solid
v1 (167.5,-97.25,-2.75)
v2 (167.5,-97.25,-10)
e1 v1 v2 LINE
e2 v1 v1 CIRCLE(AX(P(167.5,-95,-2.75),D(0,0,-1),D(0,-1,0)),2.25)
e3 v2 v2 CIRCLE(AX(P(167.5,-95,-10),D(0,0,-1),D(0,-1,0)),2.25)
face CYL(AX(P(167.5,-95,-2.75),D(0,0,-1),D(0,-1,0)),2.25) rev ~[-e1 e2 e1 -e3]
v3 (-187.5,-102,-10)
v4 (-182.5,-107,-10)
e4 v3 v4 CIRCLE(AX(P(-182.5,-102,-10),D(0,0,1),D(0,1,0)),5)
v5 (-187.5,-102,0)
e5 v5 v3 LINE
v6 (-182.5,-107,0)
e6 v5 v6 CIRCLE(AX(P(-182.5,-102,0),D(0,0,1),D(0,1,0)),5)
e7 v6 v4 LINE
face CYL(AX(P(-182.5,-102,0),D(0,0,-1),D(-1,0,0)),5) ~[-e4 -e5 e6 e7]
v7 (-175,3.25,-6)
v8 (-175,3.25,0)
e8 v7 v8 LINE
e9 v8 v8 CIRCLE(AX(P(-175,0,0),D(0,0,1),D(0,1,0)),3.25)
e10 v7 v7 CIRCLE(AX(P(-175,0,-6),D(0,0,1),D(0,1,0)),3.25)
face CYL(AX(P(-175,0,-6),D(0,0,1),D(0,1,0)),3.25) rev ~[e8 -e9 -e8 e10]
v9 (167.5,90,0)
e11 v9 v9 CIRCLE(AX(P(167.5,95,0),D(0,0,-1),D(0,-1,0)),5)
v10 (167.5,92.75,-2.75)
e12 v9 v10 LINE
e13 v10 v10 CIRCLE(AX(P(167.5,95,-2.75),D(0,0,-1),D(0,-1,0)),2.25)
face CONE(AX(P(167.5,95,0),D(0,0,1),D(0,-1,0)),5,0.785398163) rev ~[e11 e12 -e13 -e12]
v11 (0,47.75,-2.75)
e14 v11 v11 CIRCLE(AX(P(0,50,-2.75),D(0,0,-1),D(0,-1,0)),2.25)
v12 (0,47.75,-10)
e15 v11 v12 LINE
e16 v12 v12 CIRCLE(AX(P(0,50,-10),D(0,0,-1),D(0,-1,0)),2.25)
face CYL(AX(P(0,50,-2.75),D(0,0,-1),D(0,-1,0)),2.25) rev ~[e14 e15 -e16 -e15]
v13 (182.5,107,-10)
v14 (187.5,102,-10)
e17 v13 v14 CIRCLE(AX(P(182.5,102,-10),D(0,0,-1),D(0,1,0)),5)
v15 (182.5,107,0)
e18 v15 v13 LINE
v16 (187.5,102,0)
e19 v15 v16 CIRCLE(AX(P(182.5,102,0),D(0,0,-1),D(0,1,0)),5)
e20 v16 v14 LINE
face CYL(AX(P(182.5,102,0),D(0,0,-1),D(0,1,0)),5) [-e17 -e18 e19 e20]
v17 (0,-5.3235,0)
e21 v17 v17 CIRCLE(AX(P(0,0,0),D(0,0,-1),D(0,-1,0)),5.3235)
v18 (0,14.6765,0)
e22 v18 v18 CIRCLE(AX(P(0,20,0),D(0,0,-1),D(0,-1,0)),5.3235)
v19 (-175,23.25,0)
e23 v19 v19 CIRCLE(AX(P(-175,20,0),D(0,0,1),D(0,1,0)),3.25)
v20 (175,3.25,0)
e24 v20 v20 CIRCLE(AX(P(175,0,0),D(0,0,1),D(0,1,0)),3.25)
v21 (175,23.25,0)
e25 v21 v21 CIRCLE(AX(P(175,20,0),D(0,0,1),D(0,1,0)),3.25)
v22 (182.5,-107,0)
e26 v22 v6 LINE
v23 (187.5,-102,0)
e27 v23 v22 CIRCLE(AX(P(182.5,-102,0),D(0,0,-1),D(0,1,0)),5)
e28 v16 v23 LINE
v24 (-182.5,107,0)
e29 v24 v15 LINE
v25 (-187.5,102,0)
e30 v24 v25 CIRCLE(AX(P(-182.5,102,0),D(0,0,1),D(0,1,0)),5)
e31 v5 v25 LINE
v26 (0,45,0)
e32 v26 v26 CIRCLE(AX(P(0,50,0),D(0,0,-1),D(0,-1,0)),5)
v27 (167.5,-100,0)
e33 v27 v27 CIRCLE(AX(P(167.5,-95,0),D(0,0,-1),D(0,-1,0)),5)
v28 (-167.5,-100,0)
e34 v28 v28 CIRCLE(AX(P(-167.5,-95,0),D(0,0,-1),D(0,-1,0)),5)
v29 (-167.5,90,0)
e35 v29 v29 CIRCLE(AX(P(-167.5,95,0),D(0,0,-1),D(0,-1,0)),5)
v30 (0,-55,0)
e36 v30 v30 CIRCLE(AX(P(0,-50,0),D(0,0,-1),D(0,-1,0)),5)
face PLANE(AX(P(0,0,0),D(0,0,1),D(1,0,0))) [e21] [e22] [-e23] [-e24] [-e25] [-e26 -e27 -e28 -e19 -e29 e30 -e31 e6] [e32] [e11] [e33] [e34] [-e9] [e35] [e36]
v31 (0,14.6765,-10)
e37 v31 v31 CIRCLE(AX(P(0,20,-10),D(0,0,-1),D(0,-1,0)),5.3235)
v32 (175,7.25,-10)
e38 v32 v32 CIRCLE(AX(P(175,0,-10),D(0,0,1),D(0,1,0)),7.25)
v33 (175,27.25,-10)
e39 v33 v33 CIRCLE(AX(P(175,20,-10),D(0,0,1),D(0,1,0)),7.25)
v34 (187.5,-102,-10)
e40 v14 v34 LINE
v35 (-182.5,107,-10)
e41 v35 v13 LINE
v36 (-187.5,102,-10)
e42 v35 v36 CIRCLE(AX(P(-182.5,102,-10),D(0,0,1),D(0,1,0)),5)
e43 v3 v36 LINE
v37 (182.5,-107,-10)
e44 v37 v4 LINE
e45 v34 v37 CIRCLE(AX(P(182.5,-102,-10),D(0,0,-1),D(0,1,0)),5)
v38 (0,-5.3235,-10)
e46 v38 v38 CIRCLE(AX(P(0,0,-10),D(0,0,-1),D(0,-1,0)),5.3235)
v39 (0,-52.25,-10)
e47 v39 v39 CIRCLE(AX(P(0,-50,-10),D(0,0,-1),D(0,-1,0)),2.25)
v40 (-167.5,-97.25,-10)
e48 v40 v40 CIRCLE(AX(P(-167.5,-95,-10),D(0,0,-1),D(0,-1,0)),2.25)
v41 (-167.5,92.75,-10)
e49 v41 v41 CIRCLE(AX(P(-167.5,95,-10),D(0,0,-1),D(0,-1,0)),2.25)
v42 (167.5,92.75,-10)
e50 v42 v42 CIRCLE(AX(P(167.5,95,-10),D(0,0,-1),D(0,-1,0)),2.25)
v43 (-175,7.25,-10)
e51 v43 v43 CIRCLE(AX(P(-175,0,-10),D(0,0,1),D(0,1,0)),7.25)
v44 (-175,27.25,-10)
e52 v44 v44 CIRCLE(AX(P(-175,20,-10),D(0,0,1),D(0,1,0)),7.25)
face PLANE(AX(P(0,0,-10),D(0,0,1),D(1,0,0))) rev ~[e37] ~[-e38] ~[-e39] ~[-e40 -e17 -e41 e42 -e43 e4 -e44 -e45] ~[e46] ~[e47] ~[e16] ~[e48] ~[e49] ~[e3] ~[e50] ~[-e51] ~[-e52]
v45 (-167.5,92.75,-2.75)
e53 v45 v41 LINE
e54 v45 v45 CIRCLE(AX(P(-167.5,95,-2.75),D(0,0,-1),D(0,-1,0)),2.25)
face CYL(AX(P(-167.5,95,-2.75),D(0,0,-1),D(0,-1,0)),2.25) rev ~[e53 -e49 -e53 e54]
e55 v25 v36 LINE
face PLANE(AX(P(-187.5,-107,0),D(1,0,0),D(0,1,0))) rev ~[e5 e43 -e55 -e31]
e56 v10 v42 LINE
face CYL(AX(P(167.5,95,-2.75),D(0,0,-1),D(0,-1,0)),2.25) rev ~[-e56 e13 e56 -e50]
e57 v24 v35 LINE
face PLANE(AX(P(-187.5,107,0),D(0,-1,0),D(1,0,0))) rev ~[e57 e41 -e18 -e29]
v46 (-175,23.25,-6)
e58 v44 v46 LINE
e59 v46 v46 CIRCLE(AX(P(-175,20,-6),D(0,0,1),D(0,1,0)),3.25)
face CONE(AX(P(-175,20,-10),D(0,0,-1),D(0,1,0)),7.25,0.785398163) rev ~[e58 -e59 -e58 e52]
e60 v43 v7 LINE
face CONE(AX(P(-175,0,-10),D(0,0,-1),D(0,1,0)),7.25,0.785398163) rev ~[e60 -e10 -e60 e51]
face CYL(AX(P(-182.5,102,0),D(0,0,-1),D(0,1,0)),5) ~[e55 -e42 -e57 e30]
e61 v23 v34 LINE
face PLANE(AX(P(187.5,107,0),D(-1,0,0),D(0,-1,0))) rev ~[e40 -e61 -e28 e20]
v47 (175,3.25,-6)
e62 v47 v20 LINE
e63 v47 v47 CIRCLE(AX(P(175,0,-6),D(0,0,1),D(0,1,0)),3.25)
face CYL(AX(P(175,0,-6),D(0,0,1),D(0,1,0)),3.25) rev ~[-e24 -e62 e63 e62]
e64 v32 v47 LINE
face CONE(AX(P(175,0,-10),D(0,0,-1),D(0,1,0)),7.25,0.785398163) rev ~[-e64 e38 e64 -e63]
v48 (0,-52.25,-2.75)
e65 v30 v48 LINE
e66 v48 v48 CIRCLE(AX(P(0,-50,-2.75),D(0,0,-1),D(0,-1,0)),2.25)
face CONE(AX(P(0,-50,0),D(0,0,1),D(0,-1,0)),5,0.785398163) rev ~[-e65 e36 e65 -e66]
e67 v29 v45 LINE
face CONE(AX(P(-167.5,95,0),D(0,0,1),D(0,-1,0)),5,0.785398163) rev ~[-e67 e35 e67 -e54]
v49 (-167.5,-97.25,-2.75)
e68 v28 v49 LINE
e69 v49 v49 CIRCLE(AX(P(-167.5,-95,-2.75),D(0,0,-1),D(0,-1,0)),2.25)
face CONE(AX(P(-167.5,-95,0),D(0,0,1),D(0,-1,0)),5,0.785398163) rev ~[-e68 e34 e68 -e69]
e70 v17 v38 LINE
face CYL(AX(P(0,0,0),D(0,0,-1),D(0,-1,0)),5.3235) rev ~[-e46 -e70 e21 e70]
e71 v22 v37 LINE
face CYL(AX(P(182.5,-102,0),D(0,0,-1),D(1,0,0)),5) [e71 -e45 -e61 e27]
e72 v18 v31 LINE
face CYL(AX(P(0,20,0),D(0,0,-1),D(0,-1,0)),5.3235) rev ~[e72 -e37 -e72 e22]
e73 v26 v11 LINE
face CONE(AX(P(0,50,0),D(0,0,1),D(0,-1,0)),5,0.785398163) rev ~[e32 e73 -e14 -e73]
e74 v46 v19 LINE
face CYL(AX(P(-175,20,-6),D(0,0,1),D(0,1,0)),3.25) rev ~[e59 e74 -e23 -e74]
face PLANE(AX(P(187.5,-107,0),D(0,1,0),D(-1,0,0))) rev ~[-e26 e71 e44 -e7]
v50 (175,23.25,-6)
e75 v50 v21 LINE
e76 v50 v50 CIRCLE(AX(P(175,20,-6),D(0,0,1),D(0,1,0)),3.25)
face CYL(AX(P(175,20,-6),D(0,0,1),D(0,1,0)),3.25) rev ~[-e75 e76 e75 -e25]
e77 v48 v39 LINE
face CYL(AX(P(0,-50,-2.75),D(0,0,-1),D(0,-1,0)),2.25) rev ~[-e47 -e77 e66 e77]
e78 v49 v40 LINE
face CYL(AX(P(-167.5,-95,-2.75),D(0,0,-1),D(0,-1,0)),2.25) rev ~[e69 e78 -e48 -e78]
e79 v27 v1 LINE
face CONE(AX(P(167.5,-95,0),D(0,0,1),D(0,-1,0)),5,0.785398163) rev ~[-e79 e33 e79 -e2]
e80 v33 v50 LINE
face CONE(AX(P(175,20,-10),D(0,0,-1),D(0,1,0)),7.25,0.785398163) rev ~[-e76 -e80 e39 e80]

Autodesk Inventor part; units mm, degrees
ref_plane "YZ Plane" through (0, 0, 0) normal (1, 0, 0) x (0, 1, 0)
ref_plane "XZ Plane" through (0, 0, 0) normal (0, 1, 0) x (-1, 0, 0)
ref_plane "XY Plane" through (0, 0, 0) normal (0, 0, 1) x (1, 0, 0)
sketch "Sketch1" plane through (0, 0, 0) normal (0, 0, 1) x (1, 0, 0)
  line L0 (-262.5, 0) -> (262.5, 0) construction
  line L1 (0, -149.8) -> (0, 149.8) construction
  line L2 (-187.5, 107) -> (187.5, 107)
  line L3 (187.5, 107) -> (187.5, -107)
  line L4 (187.5, -107) -> (-187.5, -107)
  line L5 (-187.5, -107) -> (-187.5, 107)
  point P0 (-167.5, 95)
  point P1 (167.5, 95)
  point P2 (-167.5, -95)
  point P3 (167.5, -95)
  point P4 (0, 0)
  point P5 (-175, 0)
  point P6 (175, 0)
  point P7 (0, -50)
  point P8 (0, 50)
  point P9 (0, 20)
  point P10 (175, 20)
  point P11 (-175, 20)
  dimension "d0" = 375
  dimension "d1" = 214
  dimension "d3" = 335
  dimension "d30" = 20
  dimension "d45" = 12
  dimension "d46" = 190
  dimension "d47" = 100
  dimension "d48" = 12.5
  dimension "d52" = 20
extrude "Extrusion1" add sketch "Sketch1" against normal blind 10
hole "Hole1" at (-167.5, 95, 0) at (167.5, 95, 0) at (-167.5, -95, 0) at (167.5, -95, 0) at (0, -50, 0) at (0, 50, 0) direction (0, 0, -1) diameter 4.5 end through all countersink diameter 10 countersink angle 90 clearance for "Countersunk Flat Head Hex Socket Screw ISO 10642" size "M4" standard "ISO"
hole "Hole2" at (0, 0, 0) at (0, 20, 0) direction (0, 0, -1) diameter 10.647 end through all thread size "M12x1.25" class "6H" standard "ISO Metric profile"
sketch "Sketch2" plane through (0, 0, -10) normal (0, 0, -1) x (-1, 0, 0)
  point P0 (0, 0)
  point P1 (175, 0)
  point P2 (175, 0)
  point P3 (-175, 0)
  point P4 (-175, 0)
  point P5 (0, 20)
  point P6 (0, 0)
  point P7 (175, 20)
  point P8 (-175, 20)
hole "Hole4" at (-175, 0, -10) at (175, 0, -10) at (-175, 20, -10) at (175, 20, -10) direction (0, 0, 1) diameter 6.5 end through all countersink diameter 14.5 countersink angle 90 clearance for "Countersunk Flat Head Hex Socket Screw ISO 10642" size "M6" standard "ISO"
fillet "Arredondamento2" radius 5 4 edges at (187.5, -107, -5) (187.5, 107, -5) (-187.5, -107, -5) (-187.5, 107, -5)
properties part number "FCT-01-171A" material "Acrílico TP"
